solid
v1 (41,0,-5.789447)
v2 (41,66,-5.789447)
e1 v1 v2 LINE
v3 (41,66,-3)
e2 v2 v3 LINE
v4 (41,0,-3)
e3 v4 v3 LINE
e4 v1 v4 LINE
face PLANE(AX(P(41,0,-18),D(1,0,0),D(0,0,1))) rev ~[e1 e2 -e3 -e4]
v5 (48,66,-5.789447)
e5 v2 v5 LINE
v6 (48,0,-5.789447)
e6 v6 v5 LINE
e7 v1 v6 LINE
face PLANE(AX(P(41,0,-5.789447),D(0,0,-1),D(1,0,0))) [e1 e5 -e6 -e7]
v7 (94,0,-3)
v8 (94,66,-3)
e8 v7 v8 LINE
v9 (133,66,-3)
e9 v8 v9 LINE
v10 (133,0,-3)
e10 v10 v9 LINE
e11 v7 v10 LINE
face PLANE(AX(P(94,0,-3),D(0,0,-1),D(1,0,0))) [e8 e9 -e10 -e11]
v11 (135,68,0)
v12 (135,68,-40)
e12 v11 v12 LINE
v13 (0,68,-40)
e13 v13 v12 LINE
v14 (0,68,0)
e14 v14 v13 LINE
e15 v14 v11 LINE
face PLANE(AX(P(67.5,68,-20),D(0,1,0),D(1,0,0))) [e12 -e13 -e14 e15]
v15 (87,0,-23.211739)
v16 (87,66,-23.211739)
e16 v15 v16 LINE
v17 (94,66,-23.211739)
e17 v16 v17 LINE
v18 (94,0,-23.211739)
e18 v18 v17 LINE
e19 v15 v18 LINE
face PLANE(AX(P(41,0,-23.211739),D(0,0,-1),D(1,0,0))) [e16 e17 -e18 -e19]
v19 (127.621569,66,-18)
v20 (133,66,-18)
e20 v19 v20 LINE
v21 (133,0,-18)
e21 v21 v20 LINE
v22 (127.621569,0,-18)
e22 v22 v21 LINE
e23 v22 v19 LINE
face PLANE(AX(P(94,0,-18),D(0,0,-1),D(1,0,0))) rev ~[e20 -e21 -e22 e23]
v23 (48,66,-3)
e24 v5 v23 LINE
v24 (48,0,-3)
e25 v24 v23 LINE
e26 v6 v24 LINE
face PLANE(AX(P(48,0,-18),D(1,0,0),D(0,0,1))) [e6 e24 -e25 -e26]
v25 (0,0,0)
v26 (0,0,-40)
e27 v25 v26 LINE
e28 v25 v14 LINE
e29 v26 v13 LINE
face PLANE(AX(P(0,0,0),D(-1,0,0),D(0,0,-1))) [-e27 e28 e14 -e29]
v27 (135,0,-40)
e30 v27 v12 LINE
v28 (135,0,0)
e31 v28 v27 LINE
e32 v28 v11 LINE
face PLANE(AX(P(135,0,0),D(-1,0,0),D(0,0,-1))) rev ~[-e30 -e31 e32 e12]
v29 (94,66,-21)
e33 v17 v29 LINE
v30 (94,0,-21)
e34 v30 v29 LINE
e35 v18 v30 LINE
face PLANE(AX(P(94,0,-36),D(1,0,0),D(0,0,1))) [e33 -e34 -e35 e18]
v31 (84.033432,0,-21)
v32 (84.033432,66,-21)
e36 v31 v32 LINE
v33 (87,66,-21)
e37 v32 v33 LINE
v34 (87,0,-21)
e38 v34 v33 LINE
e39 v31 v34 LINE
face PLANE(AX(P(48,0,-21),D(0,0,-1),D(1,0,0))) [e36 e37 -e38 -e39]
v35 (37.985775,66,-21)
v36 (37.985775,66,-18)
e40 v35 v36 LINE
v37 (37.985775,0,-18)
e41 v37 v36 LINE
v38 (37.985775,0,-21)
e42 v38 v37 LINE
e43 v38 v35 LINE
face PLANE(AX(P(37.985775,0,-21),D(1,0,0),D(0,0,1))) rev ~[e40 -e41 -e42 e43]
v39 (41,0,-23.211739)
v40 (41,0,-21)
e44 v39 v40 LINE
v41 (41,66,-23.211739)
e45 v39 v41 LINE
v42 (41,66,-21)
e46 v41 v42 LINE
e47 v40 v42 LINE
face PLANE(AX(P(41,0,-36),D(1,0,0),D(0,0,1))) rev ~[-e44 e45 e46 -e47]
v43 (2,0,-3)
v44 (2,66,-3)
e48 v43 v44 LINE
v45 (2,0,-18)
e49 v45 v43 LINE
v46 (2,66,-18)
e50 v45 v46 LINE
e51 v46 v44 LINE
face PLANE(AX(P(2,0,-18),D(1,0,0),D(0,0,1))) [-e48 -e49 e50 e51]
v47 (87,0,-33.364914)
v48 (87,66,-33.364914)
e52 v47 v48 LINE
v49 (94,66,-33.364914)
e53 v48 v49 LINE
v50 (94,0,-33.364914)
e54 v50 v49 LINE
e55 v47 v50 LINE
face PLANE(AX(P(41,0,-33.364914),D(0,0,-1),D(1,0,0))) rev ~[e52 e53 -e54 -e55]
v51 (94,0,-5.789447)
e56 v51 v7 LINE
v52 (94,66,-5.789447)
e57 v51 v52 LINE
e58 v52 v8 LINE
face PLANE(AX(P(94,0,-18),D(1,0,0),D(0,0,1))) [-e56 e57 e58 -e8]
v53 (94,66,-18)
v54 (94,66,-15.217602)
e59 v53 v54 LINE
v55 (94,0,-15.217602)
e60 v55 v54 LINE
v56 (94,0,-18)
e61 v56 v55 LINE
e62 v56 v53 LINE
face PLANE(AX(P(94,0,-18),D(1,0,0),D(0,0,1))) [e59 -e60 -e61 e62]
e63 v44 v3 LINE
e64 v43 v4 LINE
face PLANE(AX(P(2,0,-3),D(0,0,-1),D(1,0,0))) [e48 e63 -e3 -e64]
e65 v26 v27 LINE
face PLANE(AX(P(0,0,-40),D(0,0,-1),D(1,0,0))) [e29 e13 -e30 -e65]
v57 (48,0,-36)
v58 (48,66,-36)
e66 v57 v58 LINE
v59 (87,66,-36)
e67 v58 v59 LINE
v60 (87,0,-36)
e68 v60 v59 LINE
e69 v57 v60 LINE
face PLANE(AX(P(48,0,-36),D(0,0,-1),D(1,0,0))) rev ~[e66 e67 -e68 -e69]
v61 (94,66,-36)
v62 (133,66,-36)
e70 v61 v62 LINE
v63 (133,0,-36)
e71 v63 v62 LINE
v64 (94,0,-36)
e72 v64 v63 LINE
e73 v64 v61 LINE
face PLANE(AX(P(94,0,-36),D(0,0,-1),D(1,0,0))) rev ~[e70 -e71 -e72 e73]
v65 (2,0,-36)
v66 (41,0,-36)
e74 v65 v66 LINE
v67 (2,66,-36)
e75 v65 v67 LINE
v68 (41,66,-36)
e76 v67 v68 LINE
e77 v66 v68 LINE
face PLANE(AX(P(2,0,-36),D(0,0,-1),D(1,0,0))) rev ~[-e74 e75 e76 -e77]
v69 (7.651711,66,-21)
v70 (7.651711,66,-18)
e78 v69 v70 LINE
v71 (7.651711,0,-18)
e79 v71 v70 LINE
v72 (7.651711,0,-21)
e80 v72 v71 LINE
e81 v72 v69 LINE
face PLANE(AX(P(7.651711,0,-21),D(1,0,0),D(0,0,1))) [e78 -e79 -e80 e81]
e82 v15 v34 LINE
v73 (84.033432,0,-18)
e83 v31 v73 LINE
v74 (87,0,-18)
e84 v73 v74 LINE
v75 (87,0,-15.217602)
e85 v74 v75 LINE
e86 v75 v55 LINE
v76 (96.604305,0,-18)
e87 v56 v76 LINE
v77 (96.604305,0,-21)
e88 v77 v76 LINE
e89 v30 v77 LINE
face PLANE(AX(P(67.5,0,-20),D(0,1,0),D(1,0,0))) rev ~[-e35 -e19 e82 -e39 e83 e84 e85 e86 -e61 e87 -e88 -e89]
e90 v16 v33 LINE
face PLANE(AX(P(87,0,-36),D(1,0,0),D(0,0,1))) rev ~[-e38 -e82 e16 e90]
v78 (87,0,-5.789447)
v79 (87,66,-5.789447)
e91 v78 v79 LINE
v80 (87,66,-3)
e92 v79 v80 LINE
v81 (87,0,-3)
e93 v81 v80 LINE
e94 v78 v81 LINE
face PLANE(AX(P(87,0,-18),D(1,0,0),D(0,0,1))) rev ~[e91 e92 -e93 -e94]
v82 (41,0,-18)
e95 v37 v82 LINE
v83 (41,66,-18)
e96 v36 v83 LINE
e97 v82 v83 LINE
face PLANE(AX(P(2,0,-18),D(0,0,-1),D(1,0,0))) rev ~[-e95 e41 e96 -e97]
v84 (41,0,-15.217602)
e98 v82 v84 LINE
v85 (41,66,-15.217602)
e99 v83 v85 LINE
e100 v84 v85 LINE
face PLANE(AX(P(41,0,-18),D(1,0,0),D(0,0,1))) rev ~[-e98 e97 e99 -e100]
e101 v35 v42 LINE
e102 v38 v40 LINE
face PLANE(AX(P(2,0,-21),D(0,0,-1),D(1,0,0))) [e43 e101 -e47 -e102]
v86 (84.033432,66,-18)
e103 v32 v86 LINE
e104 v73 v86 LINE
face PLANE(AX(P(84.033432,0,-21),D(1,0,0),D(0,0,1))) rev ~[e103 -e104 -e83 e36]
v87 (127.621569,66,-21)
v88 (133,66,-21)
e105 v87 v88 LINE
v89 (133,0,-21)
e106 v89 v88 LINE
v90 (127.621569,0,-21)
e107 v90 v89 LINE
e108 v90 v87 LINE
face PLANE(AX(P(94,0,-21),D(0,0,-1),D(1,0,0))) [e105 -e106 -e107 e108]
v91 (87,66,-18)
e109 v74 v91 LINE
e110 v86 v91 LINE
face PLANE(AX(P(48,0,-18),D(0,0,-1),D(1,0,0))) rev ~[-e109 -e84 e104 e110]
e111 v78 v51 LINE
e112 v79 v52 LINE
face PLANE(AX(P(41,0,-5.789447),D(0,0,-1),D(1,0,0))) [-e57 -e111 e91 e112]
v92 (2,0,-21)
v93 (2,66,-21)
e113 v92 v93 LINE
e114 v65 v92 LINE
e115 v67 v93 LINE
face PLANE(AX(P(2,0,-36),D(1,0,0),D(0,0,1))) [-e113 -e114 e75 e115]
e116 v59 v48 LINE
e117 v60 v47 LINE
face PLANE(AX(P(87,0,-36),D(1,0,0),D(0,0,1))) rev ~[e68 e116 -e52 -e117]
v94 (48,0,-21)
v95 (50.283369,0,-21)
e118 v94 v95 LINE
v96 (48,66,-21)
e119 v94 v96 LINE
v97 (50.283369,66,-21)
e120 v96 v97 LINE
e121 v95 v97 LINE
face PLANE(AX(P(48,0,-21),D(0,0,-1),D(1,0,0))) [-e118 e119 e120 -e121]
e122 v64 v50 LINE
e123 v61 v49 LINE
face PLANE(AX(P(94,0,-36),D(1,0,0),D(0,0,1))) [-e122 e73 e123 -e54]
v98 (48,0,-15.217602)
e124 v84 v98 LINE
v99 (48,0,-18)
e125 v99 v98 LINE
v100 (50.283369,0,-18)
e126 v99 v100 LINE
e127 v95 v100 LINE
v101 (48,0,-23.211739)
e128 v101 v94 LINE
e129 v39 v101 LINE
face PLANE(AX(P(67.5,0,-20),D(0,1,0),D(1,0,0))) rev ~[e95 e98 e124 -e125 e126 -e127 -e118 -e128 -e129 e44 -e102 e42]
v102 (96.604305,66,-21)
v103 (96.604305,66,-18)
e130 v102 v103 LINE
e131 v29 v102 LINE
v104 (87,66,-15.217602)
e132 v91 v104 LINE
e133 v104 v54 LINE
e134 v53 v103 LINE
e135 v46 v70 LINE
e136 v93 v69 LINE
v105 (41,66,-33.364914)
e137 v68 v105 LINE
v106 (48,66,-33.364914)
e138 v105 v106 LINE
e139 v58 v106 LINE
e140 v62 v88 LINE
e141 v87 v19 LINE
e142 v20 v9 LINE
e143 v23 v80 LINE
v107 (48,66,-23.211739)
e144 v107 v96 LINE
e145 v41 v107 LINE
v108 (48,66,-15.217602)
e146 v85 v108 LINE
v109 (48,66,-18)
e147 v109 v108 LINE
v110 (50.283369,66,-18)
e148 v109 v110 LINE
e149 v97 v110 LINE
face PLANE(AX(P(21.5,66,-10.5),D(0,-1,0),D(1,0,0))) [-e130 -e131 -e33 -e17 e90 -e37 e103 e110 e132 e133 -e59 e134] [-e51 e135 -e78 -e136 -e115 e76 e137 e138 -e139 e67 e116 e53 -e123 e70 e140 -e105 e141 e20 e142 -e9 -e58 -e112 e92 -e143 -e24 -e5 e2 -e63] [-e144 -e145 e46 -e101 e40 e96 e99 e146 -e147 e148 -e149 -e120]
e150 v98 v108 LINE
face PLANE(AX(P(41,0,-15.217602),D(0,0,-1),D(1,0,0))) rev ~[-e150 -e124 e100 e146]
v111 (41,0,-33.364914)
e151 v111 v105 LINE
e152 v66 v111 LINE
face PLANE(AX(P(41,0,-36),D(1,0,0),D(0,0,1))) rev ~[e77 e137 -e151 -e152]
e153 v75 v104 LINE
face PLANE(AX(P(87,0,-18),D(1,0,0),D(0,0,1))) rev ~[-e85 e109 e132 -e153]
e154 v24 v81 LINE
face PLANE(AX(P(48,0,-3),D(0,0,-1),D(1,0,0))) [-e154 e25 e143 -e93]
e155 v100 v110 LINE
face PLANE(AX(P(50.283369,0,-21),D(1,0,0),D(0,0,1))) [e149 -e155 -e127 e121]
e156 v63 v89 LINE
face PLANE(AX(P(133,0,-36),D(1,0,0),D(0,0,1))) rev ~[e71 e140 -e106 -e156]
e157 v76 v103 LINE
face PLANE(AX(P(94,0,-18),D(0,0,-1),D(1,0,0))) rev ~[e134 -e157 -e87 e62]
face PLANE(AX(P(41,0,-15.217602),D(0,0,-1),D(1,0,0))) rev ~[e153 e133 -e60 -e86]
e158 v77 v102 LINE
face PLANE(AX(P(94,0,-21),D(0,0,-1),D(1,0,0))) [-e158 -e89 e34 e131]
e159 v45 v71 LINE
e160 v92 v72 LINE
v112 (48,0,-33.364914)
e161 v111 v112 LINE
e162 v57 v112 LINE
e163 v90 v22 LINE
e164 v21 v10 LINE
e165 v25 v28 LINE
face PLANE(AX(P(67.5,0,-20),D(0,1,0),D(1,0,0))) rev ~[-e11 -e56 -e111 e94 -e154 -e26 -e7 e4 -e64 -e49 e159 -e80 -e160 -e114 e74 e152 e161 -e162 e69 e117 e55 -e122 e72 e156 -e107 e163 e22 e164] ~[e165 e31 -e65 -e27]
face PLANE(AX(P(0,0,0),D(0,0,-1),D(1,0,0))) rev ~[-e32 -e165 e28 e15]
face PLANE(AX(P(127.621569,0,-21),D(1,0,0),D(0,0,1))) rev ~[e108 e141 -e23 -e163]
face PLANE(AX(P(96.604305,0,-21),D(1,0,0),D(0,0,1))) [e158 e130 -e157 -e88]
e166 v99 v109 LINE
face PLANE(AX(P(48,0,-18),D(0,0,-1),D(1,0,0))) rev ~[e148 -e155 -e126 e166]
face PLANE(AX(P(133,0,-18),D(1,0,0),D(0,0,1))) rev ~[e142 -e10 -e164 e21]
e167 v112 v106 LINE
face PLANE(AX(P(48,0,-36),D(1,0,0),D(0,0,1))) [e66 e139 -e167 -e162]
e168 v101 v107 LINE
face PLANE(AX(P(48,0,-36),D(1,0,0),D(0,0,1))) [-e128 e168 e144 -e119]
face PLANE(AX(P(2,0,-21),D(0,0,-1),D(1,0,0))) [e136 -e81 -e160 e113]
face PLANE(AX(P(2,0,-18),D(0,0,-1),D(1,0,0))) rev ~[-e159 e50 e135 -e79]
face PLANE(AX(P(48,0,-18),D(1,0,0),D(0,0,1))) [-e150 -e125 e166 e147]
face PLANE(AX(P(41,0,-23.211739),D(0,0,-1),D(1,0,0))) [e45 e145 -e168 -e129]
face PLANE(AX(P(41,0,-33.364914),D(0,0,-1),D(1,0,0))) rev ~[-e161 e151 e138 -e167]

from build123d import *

# Parameters (mm, degrees)
SKETCH_1_W          = 135
SKETCH_1_H          = 40
EXTRUDE_310_DEPTH   = 68
SKETCH_2_W          = 39
SKETCH_2_H          = 15
CUT_EXTRUDE_1_DEPTH = 66
SKETCH_4_W          = 53
SKETCH_4_H          = 9.428155193
CUT_EXTRUDE_2_DEPTH = 66
SKETCH_6_W          = 53
SKETCH_6_H          = 10.153175229
CUT_EXTRUDE_3_DEPTH = 66
SKETCH_7_W          = 30.334064535
SKETCH_7_H          = 3
SKETCH_7_W_2        = 33.750062794
SKETCH_7_W_3        = 31.017264187
CUT_EXTRUDE_4_DEPTH = 66


with BuildPart() as part:
    # Эскиз1 → Extrude 310 (new body)
    with BuildSketch(Plane(origin=(0, 0, 0), x_dir=(1, 0, 0), z_dir=(0, 1, 0))):
        with Locations((67.5, 20)):
            Rectangle(SKETCH_1_W, SKETCH_1_H)
    extrude(amount=EXTRUDE_310_DEPTH)

    # Эскиз2 → Вырез-Вытянуть1 (cut)
    with BuildSketch(Plane.XZ):
        with Locations((21.5, -10.5)):
            Rectangle(SKETCH_2_W, SKETCH_2_H)
        with Locations((67.5, -10.5)):
            Rectangle(SKETCH_2_W, SKETCH_2_H)
        with Locations((113.5, -10.5)):
            Rectangle(SKETCH_2_W, SKETCH_2_H)
        with Locations((67.5, -28.5)):
            Rectangle(SKETCH_2_W, SKETCH_2_H)
        with Locations((113.5, -28.5)):
            Rectangle(SKETCH_2_W, SKETCH_2_H)
        with Locations((21.5, -28.5)):
            Rectangle(SKETCH_2_W, SKETCH_2_H)
    extrude(amount=-CUT_EXTRUDE_1_DEPTH, mode=Mode.SUBTRACT)

    # Эскиз4 → Вырез-Вытянуть2 (cut)
    with BuildSketch(Plane.XZ):
        with Locations((67.5, -10.503524842)):
            Rectangle(SKETCH_4_W, SKETCH_4_H)
    extrude(amount=-CUT_EXTRUDE_2_DEPTH, mode=Mode.SUBTRACT)

    # Эскиз6 → Вырез-Вытянуть3 (cut)
    with BuildSketch(Plane.XZ):
        with Locations((67.5, -28.288326327)):
            Rectangle(SKETCH_6_W, SKETCH_6_H)
    extrude(amount=-CUT_EXTRUDE_3_DEPTH, mode=Mode.SUBTRACT)

    # Эскиз7 → Вырез-Вытянуть4 (cut)
    with BuildSketch(Plane.XZ):
        with Locations((22.818742778, -19.5)):
            Rectangle(SKETCH_7_W, SKETCH_7_H)
        with Locations((67.158400174, -19.5)):
            Rectangle(SKETCH_7_W_2, SKETCH_7_H)
        with Locations((112.112937257, -19.5)):
            Rectangle(SKETCH_7_W_3, SKETCH_7_H)
    extrude(amount=-CUT_EXTRUDE_4_DEPTH, mode=Mode.SUBTRACT)


solid = part.part
